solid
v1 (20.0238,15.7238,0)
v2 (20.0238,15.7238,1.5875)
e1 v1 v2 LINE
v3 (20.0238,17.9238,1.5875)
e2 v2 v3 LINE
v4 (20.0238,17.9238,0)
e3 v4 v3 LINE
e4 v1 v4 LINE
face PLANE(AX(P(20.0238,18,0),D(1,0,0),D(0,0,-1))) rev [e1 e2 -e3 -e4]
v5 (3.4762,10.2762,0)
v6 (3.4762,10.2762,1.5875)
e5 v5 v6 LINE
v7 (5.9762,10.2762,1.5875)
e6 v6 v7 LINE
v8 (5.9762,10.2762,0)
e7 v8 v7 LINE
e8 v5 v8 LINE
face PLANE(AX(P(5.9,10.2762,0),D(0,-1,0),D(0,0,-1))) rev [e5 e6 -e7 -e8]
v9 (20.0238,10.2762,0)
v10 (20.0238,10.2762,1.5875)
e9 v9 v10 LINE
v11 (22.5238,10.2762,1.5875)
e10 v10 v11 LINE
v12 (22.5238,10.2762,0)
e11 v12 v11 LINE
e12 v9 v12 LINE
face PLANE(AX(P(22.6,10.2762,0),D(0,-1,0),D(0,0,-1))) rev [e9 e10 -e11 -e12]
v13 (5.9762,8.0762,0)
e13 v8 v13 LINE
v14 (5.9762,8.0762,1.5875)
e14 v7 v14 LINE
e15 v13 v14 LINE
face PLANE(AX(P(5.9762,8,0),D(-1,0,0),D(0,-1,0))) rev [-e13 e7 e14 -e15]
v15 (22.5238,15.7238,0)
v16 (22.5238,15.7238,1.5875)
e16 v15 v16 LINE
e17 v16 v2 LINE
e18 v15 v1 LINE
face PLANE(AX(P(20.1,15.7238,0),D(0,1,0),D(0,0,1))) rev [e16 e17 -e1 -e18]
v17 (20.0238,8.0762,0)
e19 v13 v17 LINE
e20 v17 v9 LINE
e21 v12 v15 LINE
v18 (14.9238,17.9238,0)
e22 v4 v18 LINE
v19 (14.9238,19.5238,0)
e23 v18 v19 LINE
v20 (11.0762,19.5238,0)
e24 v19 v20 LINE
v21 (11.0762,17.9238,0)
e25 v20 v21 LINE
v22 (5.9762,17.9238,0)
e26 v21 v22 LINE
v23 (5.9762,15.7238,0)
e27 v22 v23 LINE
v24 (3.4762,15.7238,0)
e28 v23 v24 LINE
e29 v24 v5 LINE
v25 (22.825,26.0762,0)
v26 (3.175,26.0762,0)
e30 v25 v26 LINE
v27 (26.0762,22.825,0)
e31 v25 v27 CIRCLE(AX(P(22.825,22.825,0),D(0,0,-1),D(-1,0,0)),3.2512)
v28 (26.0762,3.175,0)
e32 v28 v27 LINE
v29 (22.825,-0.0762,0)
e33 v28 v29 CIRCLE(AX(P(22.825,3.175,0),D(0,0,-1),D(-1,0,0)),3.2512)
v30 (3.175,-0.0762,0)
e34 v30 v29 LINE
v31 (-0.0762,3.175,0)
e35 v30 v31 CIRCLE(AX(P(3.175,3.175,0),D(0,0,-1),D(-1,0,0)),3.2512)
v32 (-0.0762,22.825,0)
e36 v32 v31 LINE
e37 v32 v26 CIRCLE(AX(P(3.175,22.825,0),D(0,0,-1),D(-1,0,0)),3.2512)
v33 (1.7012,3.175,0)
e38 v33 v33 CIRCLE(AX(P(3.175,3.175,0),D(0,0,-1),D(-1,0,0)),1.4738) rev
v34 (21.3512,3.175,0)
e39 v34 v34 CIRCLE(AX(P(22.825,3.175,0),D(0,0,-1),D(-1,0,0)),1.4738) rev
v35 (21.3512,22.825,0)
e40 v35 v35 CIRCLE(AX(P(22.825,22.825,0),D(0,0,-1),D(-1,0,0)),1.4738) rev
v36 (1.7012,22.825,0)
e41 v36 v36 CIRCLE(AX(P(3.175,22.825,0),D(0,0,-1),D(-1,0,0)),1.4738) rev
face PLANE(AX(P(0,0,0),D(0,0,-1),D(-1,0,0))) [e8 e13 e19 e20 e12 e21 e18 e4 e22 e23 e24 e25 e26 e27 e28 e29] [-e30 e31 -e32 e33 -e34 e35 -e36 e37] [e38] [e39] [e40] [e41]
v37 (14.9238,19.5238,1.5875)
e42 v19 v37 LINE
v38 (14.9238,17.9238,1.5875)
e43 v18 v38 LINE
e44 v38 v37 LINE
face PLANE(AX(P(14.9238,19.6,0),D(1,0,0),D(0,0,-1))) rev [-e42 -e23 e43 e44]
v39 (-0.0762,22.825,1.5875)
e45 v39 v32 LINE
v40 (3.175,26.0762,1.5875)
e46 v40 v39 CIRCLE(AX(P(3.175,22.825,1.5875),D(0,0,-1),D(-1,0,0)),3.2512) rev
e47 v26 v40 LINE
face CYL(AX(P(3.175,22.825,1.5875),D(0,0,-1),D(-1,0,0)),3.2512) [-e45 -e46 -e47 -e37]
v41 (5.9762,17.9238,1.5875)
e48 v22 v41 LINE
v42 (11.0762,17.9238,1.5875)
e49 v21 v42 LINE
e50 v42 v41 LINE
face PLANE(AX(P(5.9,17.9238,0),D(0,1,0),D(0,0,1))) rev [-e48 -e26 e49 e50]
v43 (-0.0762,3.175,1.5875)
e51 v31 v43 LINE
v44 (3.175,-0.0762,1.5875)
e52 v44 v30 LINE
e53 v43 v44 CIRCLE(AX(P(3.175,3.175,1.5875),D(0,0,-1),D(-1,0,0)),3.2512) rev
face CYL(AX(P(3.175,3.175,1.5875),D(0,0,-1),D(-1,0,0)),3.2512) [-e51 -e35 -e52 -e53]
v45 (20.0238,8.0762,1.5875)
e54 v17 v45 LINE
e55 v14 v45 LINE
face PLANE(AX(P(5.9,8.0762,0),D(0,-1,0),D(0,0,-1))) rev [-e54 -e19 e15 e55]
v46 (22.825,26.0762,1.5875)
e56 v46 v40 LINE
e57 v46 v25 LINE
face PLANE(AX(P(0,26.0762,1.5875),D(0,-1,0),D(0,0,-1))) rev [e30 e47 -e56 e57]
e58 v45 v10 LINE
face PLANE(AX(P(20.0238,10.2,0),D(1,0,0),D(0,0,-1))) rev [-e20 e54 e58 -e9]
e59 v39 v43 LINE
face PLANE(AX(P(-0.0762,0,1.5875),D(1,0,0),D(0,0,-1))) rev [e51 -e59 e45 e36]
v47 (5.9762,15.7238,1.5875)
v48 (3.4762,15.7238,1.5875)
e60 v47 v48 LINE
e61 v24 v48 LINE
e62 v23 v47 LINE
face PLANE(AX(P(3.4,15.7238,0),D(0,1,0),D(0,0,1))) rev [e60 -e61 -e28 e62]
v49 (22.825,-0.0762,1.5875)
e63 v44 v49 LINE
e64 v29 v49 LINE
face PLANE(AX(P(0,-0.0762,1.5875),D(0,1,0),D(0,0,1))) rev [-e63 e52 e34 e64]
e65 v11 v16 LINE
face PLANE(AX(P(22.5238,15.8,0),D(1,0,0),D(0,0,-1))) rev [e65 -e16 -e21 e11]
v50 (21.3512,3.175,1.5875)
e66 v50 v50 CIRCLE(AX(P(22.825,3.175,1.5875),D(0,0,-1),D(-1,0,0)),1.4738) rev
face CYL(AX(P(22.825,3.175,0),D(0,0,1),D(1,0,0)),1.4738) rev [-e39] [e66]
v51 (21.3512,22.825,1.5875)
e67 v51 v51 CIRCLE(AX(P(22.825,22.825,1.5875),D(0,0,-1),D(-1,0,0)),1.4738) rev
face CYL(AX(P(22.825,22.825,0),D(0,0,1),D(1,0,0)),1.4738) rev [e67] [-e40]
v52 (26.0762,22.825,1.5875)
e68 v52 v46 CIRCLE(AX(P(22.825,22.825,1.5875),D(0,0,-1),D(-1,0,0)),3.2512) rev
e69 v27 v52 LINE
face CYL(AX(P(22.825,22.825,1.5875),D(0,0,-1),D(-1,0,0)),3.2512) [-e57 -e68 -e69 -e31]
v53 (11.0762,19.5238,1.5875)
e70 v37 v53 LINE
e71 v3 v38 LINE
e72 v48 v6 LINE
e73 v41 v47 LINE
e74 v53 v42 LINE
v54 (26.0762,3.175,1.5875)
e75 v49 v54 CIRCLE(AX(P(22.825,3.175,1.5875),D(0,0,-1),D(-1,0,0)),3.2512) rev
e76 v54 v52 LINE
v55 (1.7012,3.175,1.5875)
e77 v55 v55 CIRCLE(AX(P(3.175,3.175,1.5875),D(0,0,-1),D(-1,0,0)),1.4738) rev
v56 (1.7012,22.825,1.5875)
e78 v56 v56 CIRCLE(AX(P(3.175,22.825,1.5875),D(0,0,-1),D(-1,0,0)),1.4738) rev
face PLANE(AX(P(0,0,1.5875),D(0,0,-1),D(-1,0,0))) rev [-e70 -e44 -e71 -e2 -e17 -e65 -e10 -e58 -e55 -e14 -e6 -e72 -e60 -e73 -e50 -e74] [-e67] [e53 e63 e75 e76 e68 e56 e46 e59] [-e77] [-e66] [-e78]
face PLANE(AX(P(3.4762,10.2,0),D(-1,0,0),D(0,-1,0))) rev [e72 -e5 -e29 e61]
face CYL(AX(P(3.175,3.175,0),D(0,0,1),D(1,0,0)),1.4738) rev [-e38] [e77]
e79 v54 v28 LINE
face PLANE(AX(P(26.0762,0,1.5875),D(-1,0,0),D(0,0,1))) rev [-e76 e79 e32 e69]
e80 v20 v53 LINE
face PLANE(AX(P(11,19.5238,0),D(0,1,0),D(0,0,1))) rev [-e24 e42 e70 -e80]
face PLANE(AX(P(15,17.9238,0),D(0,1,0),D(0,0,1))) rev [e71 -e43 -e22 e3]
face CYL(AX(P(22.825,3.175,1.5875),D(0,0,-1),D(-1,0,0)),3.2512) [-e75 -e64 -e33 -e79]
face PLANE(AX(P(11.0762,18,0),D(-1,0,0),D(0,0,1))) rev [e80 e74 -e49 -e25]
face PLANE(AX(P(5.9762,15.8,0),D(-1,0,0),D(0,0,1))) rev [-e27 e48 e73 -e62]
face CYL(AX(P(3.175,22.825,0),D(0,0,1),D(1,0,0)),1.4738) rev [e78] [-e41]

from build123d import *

# Parameters (mm, degrees)
SKETCH1_W           = 26
SKETCH1_H           = 26
BOSS_EXTRUDE1_DEPTH = 1.5875
CUT_EXTRUDE1_DEPTH  = 37.803806274
FILLET1_R           = 3.175
SKETCH5_R           = 1.55
CUT_EXTRUDE2_DEPTH  = 37.803806274
MOVE_FACE1_BY       = 0.0762
MOVE_FACE1_2_BY     = 0.0762
MOVE_FACE1_3_BY     = 0.0762
MOVE_FACE1_4_BY     = 0.0762
MOVE_FACE1_5_BY     = 0.0762
MOVE_FACE1_6_BY     = 0.0762
MOVE_FACE1_7_BY     = 0.0762
MOVE_FACE1_8_BY     = 0.0762
MOVE_FACE1_9_BY     = 0.0762
MOVE_FACE1_10_BY    = 0.0762
MOVE_FACE1_11_BY    = 0.0762
MOVE_FACE1_12_BY    = 0.0762
MOVE_FACE1_13_BY    = 0.0762
MOVE_FACE1_14_BY    = 0.0762
MOVE_FACE1_15_BY    = 0.0762
MOVE_FACE1_16_BY    = 0.0762
MOVE_FACE1_17_BY    = 0.0762
MOVE_FACE1_18_BY    = 0.0762
MOVE_FACE1_19_BY    = 0.0762
MOVE_FACE1_20_BY    = 0.0762
MOVE_FACE1_21_BY    = 0.0762
MOVE_FACE1_22_BY    = 0.0762
MOVE_FACE1_23_BY    = 0.0762
MOVE_FACE1_24_BY    = 0.0762
MOVE_FACE1_25_BY    = 0.0762
MOVE_FACE1_26_BY    = 0.0762
MOVE_FACE1_27_BY    = 0.0762
MOVE_FACE1_28_BY    = 0.0762


with BuildPart() as part:
    # Sketch1 → Boss-Extrude1 (new body)
    with BuildSketch(Plane.XY):
        with Locations((13, 13)):
            Rectangle(SKETCH1_W, SKETCH1_H)
    extrude(amount=BOSS_EXTRUDE1_DEPTH)

    # Sketch2 → Cut-Extrude1 (cut, through all)
    with BuildSketch(Plane.XY.offset(1.5875)):
        Polygon((5.9, 8), (5.9, 10.2), (3.4, 10.2), (3.4, 15.8), (5.9, 15.8), (5.9, 18), (11, 18), (11, 19.6), (15, 19.6), (15, 18), (20.1, 18), (20.1, 15.8), (22.6, 15.8), (22.6, 10.2), (20.1, 10.2), (20.1, 8), align=None)
    extrude(amount=-CUT_EXTRUDE1_DEPTH, mode=Mode.SUBTRACT)

    # Fillet1
    fillet1_edges = [part.edges().sort_by_distance(p)[0] for p in [
        (0, 26, 0.79375),
        (26, 26, 0.79375),
        (26, 0, 0.79375),
        (0, 0, 0.79375),
    ]]
    fillet(fillet1_edges, radius=FILLET1_R)

    # Sketch5 → Cut-Extrude2 (cut, through all)
    with BuildSketch(Plane.XY.offset(1.5875)):
        with Locations((3.175, 22.825)):
            Circle(SKETCH5_R)
        with Locations((22.825, 22.825)):
            Circle(SKETCH5_R)
        with Locations((22.825, 3.175)):
            Circle(SKETCH5_R)
        with Locations((3.175, 3.175)):
            Circle(SKETCH5_R)
    extrude(amount=-CUT_EXTRUDE2_DEPTH, mode=Mode.SUBTRACT)

    # Move Face1: a curved face moved outward by 0.0762
    add(Solid.thicken(part.faces().sort_by_distance((25.07006403, 0.92993597, 0.79375))[0], MOVE_FACE1_BY))

    # Move Face1 2: a face moved outward by 0.0762
    extrude(part.faces().sort_by_distance((26, 13, 0.79375))[0], amount=MOVE_FACE1_2_BY, dir=(1, 0, 0))

    # Move Face1 3: a face moved outward by 0.0762
    extrude(part.faces().sort_by_distance((13, 26, 0.79375))[0], amount=MOVE_FACE1_3_BY, dir=(0, 1, 0))

    # Move Face1 4: a curved face moved outward by 0.0762
    add(Solid.thicken(part.faces().sort_by_distance((25.07006403, 25.07006403, 0.79375))[0], MOVE_FACE1_4_BY))

    # Move Face1 5: a curved face moved outward by 0.0762
    add(Solid.thicken(part.faces().sort_by_distance((0.92993597, 25.07006403, 0.79375))[0], MOVE_FACE1_5_BY))

    # Move Face1 6: a face moved outward by 0.0762
    extrude(part.faces().sort_by_distance((0, 13, 0.79375))[0], amount=MOVE_FACE1_6_BY, dir=(-1, 0, 0))

    # Move Face1 7: a face moved outward by 0.0762
    extrude(part.faces().sort_by_distance((13, 0, 0.79375))[0], amount=MOVE_FACE1_7_BY, dir=(0, -1, 0))

    # Move Face1 8: a curved face moved outward by 0.0762
    add(Solid.thicken(part.faces().sort_by_distance((0.92993597, 0.92993597, 0.79375))[0], MOVE_FACE1_8_BY))

    # Move Face1 9: a curved face moved outward by 0.0762
    add(Solid.thicken(part.faces().sort_by_distance((1.625, 3.175, 0.79375))[0], MOVE_FACE1_9_BY))

    # Move Face1 10: a curved face moved outward by 0.0762
    add(Solid.thicken(part.faces().sort_by_distance((1.625, 22.825, 0.79375))[0], MOVE_FACE1_10_BY))

    # Move Face1 11: a curved face moved outward by 0.0762
    add(Solid.thicken(part.faces().sort_by_distance((21.275, 22.825, 0.79375))[0], MOVE_FACE1_11_BY))

    # Move Face1 12: a curved face moved outward by 0.0762
    add(Solid.thicken(part.faces().sort_by_distance((21.275, 3.175, 0.79375))[0], MOVE_FACE1_12_BY))

    # Move Face1 13: a face moved outward by 0.0762
    extrude(part.faces().sort_by_distance((21.35, 10.2, 0.79375))[0], amount=MOVE_FACE1_13_BY, dir=(0, 1, 0))

    # Move Face1 14: a face moved outward by 0.0762
    extrude(part.faces().sort_by_distance((4.65, 10.2, 0.79375))[0], amount=MOVE_FACE1_14_BY, dir=(0, 1, 0))

    # Move Face1 15: a face moved outward by 0.0762
    extrude(part.faces().sort_by_distance((5.9, 9.1, 0.79375))[0], amount=MOVE_FACE1_15_BY, dir=(1, 0, 0))

    # Move Face1 16: a face moved outward by 0.0762
    extrude(part.faces().sort_by_distance((3.4, 13, 0.79375))[0], amount=MOVE_FACE1_16_BY, dir=(1, 0, 0))

    # Move Face1 17: a face moved outward by 0.0762
    extrude(part.faces().sort_by_distance((5.9, 16.9, 0.79375))[0], amount=MOVE_FACE1_17_BY, dir=(1, 0, 0))

    # Move Face1 18: a face moved outward by 0.0762
    extrude(part.faces().sort_by_distance((11, 18.8, 0.79375))[0], amount=MOVE_FACE1_18_BY, dir=(1, 0, 0))

    # Move Face1 19: a face moved outward by 0.0762
    extrude(part.faces().sort_by_distance((13, 8, 0.79375))[0], amount=MOVE_FACE1_19_BY, dir=(0, 1, 0))

    # Move Face1 20: a face moved outward by 0.0762
    extrude(part.faces().sort_by_distance((20.1, 9.1, 0.79375))[0], amount=MOVE_FACE1_20_BY, dir=(-1, 0, 0))

    # Move Face1 21: a face moved outward by 0.0762
    extrude(part.faces().sort_by_distance((22.6, 13, 0.79375))[0], amount=MOVE_FACE1_21_BY, dir=(-1, 0, 0))

    # Move Face1 22: a face moved outward by 0.0762
    extrude(part.faces().sort_by_distance((20.1, 16.9, 0.79375))[0], amount=MOVE_FACE1_22_BY, dir=(-1, 0, 0))

    # Move Face1 23: a face moved outward by 0.0762
    extrude(part.faces().sort_by_distance((15, 18.8, 0.79375))[0], amount=MOVE_FACE1_23_BY, dir=(-1, 0, 0))

    # Move Face1 24: a face moved outward by 0.0762
    extrude(part.faces().sort_by_distance((13, 19.6, 0.79375))[0], amount=MOVE_FACE1_24_BY, dir=(0, -1, 0))

    # Move Face1 25: a face moved outward by 0.0762
    extrude(part.faces().sort_by_distance((4.65, 15.8, 0.79375))[0], amount=MOVE_FACE1_25_BY, dir=(0, -1, 0))

    # Move Face1 26: a face moved outward by 0.0762
    extrude(part.faces().sort_by_distance((8.45, 18, 0.79375))[0], amount=MOVE_FACE1_26_BY, dir=(0, -1, 0))

    # Move Face1 27: a face moved outward by 0.0762
    extrude(part.faces().sort_by_distance((17.55, 18, 0.79375))[0], amount=MOVE_FACE1_27_BY, dir=(0, -1, 0))

    # Move Face1 28: a face moved outward by 0.0762
    extrude(part.faces().sort_by_distance((21.35, 15.8, 0.79375))[0], amount=MOVE_FACE1_28_BY, dir=(0, -1, 0))


solid = part.part
